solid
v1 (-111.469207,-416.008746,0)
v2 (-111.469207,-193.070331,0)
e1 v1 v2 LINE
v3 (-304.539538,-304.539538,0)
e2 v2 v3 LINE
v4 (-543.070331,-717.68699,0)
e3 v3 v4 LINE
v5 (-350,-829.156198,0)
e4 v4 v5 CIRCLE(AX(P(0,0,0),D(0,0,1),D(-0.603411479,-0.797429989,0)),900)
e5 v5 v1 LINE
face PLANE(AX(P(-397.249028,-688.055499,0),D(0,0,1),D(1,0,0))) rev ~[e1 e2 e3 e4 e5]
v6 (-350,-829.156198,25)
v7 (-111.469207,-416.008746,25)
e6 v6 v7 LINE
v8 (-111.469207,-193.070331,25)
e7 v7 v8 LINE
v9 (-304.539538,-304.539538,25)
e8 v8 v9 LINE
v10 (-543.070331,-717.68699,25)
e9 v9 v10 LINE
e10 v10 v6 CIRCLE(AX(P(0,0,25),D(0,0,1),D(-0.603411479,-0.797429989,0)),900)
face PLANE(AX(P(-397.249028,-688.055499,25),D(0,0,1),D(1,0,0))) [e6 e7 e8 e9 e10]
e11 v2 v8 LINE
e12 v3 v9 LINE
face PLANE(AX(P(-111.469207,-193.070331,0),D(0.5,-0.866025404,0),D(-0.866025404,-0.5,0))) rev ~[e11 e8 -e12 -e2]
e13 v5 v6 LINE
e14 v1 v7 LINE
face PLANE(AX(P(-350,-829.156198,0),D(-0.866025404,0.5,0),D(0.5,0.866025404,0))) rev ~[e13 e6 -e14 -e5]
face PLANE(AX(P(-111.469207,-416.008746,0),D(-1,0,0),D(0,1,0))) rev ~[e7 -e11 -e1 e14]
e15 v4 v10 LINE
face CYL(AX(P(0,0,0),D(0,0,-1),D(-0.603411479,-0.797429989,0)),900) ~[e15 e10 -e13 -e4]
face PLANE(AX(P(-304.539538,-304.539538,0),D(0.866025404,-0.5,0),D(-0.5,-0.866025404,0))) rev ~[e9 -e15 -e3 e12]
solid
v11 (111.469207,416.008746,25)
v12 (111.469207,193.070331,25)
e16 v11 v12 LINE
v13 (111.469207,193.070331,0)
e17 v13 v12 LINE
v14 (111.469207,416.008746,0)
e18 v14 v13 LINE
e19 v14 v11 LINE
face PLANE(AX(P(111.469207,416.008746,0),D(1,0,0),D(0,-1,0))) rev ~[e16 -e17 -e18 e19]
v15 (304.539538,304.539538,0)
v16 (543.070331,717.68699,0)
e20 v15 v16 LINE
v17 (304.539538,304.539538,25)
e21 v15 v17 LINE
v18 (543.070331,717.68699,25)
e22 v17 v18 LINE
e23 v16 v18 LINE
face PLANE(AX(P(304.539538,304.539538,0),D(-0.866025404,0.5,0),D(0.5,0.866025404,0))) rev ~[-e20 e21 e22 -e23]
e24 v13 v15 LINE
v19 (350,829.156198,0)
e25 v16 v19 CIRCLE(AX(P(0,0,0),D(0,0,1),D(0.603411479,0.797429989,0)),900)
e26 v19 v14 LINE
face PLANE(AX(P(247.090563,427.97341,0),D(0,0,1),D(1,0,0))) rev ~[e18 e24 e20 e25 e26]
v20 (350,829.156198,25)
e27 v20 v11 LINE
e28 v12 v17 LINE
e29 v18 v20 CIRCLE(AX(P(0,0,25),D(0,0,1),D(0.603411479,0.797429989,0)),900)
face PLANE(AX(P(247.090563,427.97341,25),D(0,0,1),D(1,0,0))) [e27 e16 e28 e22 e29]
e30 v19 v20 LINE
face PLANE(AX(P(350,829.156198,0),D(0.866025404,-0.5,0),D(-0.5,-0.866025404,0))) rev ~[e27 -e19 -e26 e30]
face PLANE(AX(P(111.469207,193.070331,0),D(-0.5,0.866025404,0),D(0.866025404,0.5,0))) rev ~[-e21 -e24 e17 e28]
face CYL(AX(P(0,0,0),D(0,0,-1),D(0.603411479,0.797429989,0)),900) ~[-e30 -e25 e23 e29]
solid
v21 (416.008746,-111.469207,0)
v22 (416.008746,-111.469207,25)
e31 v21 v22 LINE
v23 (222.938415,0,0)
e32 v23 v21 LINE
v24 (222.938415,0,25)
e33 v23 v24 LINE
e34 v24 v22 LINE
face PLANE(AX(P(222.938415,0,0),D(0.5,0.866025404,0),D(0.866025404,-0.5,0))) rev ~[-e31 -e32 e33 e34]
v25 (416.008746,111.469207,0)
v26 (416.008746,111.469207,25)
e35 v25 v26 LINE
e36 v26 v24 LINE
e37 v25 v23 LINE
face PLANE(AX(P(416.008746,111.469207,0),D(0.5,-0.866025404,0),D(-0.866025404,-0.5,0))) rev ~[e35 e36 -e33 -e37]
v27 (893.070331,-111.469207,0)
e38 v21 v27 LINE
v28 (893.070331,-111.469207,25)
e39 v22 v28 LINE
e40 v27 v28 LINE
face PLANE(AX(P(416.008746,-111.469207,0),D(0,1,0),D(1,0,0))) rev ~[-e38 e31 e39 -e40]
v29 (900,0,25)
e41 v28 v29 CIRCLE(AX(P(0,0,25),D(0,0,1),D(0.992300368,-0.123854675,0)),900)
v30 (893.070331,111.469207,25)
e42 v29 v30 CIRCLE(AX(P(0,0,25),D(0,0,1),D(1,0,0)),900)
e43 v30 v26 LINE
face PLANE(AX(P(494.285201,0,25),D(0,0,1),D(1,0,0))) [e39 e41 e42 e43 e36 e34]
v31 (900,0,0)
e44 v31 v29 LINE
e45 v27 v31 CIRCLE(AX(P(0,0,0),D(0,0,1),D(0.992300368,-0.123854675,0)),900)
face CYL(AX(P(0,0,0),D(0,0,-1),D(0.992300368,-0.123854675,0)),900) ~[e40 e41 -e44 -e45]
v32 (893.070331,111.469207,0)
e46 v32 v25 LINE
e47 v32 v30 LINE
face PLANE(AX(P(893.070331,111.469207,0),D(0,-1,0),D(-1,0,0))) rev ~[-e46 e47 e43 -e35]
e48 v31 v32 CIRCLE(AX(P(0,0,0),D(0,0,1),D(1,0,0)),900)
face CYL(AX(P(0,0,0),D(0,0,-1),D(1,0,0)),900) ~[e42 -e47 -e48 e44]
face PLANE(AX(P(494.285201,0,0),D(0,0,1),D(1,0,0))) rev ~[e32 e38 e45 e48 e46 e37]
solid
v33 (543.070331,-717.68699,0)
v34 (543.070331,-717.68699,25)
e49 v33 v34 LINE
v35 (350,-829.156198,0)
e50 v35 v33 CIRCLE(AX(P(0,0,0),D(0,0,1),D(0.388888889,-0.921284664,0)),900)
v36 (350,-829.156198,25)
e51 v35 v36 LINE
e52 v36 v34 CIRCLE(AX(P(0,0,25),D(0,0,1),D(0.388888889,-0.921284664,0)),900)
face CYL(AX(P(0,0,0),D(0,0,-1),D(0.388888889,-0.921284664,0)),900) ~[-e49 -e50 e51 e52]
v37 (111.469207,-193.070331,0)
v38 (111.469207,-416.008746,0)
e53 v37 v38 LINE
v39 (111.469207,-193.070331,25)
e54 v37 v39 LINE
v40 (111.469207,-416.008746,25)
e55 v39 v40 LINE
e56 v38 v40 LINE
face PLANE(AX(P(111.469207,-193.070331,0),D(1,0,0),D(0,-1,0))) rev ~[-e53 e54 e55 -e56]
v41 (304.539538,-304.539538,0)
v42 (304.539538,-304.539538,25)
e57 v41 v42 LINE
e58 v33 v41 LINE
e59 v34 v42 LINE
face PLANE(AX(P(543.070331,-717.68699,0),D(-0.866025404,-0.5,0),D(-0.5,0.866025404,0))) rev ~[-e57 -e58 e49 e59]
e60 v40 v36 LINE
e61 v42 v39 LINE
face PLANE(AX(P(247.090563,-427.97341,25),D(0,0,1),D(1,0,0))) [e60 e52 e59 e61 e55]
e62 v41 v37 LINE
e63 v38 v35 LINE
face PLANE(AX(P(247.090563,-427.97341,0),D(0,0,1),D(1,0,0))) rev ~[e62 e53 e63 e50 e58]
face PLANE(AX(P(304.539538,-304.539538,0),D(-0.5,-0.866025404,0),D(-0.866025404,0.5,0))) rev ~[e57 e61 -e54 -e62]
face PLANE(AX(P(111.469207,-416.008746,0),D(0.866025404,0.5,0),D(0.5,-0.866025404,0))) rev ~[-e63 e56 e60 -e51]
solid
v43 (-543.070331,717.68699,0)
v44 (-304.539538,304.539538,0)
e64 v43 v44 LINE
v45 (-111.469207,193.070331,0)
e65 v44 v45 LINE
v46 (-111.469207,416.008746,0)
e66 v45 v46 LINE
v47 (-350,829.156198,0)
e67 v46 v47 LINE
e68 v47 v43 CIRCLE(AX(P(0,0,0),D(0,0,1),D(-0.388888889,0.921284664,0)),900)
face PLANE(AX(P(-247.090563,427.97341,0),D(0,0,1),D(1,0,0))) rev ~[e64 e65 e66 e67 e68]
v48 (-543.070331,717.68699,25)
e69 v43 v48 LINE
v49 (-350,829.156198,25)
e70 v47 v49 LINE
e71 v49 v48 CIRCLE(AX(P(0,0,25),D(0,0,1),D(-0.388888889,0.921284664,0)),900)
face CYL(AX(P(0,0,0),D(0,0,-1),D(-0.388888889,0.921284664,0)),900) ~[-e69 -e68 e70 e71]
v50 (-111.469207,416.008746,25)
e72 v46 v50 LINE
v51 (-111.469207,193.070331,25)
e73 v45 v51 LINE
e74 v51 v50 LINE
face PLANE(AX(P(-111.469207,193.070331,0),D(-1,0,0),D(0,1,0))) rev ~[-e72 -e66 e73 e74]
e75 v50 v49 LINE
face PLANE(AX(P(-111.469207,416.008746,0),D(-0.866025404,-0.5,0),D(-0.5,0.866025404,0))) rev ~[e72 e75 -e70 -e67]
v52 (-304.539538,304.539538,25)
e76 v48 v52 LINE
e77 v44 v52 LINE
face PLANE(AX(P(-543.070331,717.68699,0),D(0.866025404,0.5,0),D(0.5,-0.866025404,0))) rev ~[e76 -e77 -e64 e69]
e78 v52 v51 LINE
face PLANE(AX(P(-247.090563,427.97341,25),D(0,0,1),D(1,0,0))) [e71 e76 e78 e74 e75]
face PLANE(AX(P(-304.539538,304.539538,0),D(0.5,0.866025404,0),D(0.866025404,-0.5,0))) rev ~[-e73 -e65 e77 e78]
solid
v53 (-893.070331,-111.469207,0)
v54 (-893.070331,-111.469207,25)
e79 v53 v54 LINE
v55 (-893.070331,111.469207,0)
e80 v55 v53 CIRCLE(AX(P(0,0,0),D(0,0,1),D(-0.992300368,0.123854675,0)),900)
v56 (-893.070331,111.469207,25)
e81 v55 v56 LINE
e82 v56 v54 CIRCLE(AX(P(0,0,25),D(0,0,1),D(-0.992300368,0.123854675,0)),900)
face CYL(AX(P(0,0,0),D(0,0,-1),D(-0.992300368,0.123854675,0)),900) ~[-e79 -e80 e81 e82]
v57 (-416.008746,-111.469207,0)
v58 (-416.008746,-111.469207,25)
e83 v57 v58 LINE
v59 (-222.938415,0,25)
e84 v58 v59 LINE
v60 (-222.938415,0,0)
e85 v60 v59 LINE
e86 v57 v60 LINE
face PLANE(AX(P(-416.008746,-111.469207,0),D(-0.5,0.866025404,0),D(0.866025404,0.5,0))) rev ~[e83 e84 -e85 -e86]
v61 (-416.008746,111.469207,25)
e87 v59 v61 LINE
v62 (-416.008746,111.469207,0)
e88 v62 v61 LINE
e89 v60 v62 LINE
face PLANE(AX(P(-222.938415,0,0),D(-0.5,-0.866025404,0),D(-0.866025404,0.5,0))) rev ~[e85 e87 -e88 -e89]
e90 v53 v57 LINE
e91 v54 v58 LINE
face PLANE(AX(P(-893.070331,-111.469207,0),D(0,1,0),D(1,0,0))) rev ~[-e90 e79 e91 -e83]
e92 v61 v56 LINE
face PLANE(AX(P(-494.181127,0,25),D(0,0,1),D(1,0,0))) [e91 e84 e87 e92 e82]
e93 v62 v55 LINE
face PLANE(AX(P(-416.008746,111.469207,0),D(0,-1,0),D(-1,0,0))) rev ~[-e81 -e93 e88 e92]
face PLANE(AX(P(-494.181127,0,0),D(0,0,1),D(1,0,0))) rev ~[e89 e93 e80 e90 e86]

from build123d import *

# Parameters (mm, degrees)
F1_DEPTH = 25


with BuildPart() as f1:
    # F0 (on Top) → F1 (new body)
    with BuildSketch(Plane.XY):
        with BuildLine():
            Line((-416.008745757, 111.46920747), (-691.0677360332, 111.46920747))
            ThreePointArc((-691.0677360332, 111.46920747), (-700, 1e-10), (-691.0677360332, -111.4692074698))
            Line((-691.0677360332, -111.4692074697), (-416.0087457571, -111.4692074698))
            Line((-416.0087457571, -111.4692074699), (-222.9384149397, 0))
            Line((-222.9384149397, 0), (-416.008745757, 111.4692074699))
        make_face()
        with BuildLine():
            ThreePointArc((-691.0677360332, -111.4692074698), (-700, 1e-10), (-691.0677360332, 111.46920747))
            Line((-691.0677360332, 111.46920747), (-893.0703308172, 111.46920747))
            ThreePointArc((-893.0703308172, 111.46920747), (-900, 1e-10), (-893.0703308173, -111.4692074697))
            Line((-893.0703308173, -111.4692074697), (-691.0677360332, -111.4692074697))
        make_face()
    extrude(amount=F1_DEPTH)


with BuildPart() as f1b:
    # F0 (on Top) → F1, piece 2 (new body)
    with BuildSketch(Plane.XY):
        with BuildLine():
            Line((-350.0000000004, -829.1561975887), (-248.9987026083, -654.2168188753))
            ThreePointArc((-248.9987026083, -654.2168188754), (-350.0000000003, -606.2177826489), (-442.0690334255, -542.7476114054))
            Line((-442.0690334255, -542.7476114054), (-543.0703308176, -717.6869901187))
            ThreePointArc((-543.0703308176, -717.6869901187), (-450.0000000003, -779.4228634058), (-350.0000000003, -829.1561975887))
        make_face()
        with BuildLine():
            ThreePointArc((-442.0690334255, -542.7476114054), (-350.0000000003, -606.2177826489), (-248.9987026083, -654.2168188754))
            Line((-248.9987026083, -654.2168188753), (-111.4692074702, -416.0087457569))
            Line((-111.4692074698, -416.0087457571), (-111.4692074699, -193.0703308173))
            Line((-111.4692074699, -193.0703308173), (-304.5395382871, -304.5395382871))
            Line((-304.5395382875, -304.539538287), (-442.0690334255, -542.7476114054))
        make_face()
    extrude(amount=F1_DEPTH)


with BuildPart() as f1c:
    # F0 (on Top) → F1, piece 3 (new body)
    with BuildSketch(Plane.XY):
        with BuildLine():
            ThreePointArc((248.9987026075, -654.2168188756), (349.9999999996, -606.2177826493), (442.0690334249, -542.7476114059))
            Line((442.0690334249, -542.7476114059), (304.5395382868, -304.5395382874))
            Line((304.5395382872, -304.5395382871), (111.4692074699, -193.0703308172))
            Line((111.4692074699, -193.0703308172), (111.4692074699, -416.008745757))
            Line((111.4692074695, -416.0087457572), (248.9987026075, -654.2168188756))
        make_face()
        with BuildLine():
            Line((543.0703308169, -717.6869901193), (442.0690334249, -542.7476114059))
            ThreePointArc((442.0690334249, -542.7476114059), (349.9999999996, -606.2177826493), (248.9987026075, -654.2168188756))
            Line((248.9987026075, -654.2168188756), (349.9999999996, -829.156197589))
            ThreePointArc((349.9999999996, -829.156197589), (449.9999999996, -779.4228634062), (543.0703308169, -717.6869901193))
        make_face()
    extrude(amount=F1_DEPTH)


with BuildPart() as f1d:
    # F0 (on Top) → F1, piece 4 (new body)
    with BuildSketch(Plane.XY):
        with BuildLine():
            ThreePointArc((691.0677360331, -111.4692074702), (697.7633607546, -55.9132577159), (700, 0))
            ThreePointArc((700, 0), (697.7633607547, 55.9132577156), (691.0677360332, 111.4692074696))
            Line((691.0677360332, 111.4692074696), (416.0087457571, 111.4692074696))
            Line((416.0087457571, 111.4692074699), (222.9384149397, 0))
            Line((222.9384149397, 0), (416.008745757, -111.4692074699))
            Line((416.008745757, -111.4692074702), (691.0677360331, -111.4692074702))
        make_face()
        with BuildLine():
            ThreePointArc((691.0677360332, 111.4692074696), (697.7633607547, 55.9132577156), (700, 0))
            ThreePointArc((700, 0), (697.7633607546, -55.9132577159), (691.0677360331, -111.4692074702))
            Line((691.0677360331, -111.4692074702), (893.0703308172, -111.4692074702))
            ThreePointArc((893.0703308172, -111.4692074702), (898.265912115, -55.8421984905), (900, 0))
            ThreePointArc((900, 0), (898.265912115, 55.8421984902), (893.0703308173, 111.4692074696))
            Line((893.0703308173, 111.4692074696), (691.0677360332, 111.4692074696))
        make_face()
    extrude(amount=F1_DEPTH)


with BuildPart() as f1e:
    # F0 (on Top) → F1, piece 5 (new body)
    with BuildSketch(Plane.XY):
        with BuildLine():
            Line((304.5395382872, 304.5395382871), (442.0690334253, 542.7476114056))
            ThreePointArc((442.0690334253, 542.7476114056), (350.0000000001, 606.2177826491), (248.998702608, 654.2168188755))
            Line((248.998702608, 654.2168188755), (111.4692074699, 416.008745757))
            Line((111.4692074698, 416.0087457571), (111.4692074699, 193.0703308173))
            Line((111.4692074699, 193.0703308173), (304.5395382871, 304.5395382871))
        make_face()
        with BuildLine():
            ThreePointArc((248.998702608, 654.2168188755), (350.0000000001, 606.2177826491), (442.0690334253, 542.7476114056))
            Line((442.0690334253, 542.7476114056), (543.0703308173, 717.6869901189))
            ThreePointArc((543.0703308173, 717.6869901189), (450.0000000001, 779.422863406), (350.0000000001, 829.1561975888))
            Line((350.0000000001, 829.1561975888), (248.998702608, 654.2168188755))
        make_face()
    extrude(amount=F1_DEPTH)


with BuildPart() as f1f:
    # F0 (on Top) → F1, piece 6 (new body)
    with BuildSketch(Plane.XY):
        with BuildLine():
            Line((-111.4692074699, 416.008745757), (-248.998702608, 654.2168188755))
            ThreePointArc((-248.998702608, 654.2168188755), (-350, 606.2177826491), (-442.0690334252, 542.7476114056))
            Line((-442.0690334252, 542.7476114056), (-304.5395382872, 304.5395382871))
            Line((-304.5395382872, 304.5395382871), (-111.4692074699, 193.0703308172))
            Line((-111.4692074699, 193.0703308172), (-111.4692074699, 416.008745757))
        make_face()
        with BuildLine():
            ThreePointArc((-442.0690334252, 542.7476114056), (-350, 606.2177826491), (-248.998702608, 654.2168188755))
            Line((-248.998702608, 654.2168188755), (-350, 829.1561975889))
            ThreePointArc((-350, 829.1561975888), (-450, 779.422863406), (-543.0703308172, 717.686990119))
            Line((-543.0703308173, 717.686990119), (-442.0690334252, 542.7476114056))
        make_face()
    extrude(amount=F1_DEPTH)


solid = Compound([f1.part, f1b.part, f1c.part, f1d.part, f1e.part, f1f.part])
